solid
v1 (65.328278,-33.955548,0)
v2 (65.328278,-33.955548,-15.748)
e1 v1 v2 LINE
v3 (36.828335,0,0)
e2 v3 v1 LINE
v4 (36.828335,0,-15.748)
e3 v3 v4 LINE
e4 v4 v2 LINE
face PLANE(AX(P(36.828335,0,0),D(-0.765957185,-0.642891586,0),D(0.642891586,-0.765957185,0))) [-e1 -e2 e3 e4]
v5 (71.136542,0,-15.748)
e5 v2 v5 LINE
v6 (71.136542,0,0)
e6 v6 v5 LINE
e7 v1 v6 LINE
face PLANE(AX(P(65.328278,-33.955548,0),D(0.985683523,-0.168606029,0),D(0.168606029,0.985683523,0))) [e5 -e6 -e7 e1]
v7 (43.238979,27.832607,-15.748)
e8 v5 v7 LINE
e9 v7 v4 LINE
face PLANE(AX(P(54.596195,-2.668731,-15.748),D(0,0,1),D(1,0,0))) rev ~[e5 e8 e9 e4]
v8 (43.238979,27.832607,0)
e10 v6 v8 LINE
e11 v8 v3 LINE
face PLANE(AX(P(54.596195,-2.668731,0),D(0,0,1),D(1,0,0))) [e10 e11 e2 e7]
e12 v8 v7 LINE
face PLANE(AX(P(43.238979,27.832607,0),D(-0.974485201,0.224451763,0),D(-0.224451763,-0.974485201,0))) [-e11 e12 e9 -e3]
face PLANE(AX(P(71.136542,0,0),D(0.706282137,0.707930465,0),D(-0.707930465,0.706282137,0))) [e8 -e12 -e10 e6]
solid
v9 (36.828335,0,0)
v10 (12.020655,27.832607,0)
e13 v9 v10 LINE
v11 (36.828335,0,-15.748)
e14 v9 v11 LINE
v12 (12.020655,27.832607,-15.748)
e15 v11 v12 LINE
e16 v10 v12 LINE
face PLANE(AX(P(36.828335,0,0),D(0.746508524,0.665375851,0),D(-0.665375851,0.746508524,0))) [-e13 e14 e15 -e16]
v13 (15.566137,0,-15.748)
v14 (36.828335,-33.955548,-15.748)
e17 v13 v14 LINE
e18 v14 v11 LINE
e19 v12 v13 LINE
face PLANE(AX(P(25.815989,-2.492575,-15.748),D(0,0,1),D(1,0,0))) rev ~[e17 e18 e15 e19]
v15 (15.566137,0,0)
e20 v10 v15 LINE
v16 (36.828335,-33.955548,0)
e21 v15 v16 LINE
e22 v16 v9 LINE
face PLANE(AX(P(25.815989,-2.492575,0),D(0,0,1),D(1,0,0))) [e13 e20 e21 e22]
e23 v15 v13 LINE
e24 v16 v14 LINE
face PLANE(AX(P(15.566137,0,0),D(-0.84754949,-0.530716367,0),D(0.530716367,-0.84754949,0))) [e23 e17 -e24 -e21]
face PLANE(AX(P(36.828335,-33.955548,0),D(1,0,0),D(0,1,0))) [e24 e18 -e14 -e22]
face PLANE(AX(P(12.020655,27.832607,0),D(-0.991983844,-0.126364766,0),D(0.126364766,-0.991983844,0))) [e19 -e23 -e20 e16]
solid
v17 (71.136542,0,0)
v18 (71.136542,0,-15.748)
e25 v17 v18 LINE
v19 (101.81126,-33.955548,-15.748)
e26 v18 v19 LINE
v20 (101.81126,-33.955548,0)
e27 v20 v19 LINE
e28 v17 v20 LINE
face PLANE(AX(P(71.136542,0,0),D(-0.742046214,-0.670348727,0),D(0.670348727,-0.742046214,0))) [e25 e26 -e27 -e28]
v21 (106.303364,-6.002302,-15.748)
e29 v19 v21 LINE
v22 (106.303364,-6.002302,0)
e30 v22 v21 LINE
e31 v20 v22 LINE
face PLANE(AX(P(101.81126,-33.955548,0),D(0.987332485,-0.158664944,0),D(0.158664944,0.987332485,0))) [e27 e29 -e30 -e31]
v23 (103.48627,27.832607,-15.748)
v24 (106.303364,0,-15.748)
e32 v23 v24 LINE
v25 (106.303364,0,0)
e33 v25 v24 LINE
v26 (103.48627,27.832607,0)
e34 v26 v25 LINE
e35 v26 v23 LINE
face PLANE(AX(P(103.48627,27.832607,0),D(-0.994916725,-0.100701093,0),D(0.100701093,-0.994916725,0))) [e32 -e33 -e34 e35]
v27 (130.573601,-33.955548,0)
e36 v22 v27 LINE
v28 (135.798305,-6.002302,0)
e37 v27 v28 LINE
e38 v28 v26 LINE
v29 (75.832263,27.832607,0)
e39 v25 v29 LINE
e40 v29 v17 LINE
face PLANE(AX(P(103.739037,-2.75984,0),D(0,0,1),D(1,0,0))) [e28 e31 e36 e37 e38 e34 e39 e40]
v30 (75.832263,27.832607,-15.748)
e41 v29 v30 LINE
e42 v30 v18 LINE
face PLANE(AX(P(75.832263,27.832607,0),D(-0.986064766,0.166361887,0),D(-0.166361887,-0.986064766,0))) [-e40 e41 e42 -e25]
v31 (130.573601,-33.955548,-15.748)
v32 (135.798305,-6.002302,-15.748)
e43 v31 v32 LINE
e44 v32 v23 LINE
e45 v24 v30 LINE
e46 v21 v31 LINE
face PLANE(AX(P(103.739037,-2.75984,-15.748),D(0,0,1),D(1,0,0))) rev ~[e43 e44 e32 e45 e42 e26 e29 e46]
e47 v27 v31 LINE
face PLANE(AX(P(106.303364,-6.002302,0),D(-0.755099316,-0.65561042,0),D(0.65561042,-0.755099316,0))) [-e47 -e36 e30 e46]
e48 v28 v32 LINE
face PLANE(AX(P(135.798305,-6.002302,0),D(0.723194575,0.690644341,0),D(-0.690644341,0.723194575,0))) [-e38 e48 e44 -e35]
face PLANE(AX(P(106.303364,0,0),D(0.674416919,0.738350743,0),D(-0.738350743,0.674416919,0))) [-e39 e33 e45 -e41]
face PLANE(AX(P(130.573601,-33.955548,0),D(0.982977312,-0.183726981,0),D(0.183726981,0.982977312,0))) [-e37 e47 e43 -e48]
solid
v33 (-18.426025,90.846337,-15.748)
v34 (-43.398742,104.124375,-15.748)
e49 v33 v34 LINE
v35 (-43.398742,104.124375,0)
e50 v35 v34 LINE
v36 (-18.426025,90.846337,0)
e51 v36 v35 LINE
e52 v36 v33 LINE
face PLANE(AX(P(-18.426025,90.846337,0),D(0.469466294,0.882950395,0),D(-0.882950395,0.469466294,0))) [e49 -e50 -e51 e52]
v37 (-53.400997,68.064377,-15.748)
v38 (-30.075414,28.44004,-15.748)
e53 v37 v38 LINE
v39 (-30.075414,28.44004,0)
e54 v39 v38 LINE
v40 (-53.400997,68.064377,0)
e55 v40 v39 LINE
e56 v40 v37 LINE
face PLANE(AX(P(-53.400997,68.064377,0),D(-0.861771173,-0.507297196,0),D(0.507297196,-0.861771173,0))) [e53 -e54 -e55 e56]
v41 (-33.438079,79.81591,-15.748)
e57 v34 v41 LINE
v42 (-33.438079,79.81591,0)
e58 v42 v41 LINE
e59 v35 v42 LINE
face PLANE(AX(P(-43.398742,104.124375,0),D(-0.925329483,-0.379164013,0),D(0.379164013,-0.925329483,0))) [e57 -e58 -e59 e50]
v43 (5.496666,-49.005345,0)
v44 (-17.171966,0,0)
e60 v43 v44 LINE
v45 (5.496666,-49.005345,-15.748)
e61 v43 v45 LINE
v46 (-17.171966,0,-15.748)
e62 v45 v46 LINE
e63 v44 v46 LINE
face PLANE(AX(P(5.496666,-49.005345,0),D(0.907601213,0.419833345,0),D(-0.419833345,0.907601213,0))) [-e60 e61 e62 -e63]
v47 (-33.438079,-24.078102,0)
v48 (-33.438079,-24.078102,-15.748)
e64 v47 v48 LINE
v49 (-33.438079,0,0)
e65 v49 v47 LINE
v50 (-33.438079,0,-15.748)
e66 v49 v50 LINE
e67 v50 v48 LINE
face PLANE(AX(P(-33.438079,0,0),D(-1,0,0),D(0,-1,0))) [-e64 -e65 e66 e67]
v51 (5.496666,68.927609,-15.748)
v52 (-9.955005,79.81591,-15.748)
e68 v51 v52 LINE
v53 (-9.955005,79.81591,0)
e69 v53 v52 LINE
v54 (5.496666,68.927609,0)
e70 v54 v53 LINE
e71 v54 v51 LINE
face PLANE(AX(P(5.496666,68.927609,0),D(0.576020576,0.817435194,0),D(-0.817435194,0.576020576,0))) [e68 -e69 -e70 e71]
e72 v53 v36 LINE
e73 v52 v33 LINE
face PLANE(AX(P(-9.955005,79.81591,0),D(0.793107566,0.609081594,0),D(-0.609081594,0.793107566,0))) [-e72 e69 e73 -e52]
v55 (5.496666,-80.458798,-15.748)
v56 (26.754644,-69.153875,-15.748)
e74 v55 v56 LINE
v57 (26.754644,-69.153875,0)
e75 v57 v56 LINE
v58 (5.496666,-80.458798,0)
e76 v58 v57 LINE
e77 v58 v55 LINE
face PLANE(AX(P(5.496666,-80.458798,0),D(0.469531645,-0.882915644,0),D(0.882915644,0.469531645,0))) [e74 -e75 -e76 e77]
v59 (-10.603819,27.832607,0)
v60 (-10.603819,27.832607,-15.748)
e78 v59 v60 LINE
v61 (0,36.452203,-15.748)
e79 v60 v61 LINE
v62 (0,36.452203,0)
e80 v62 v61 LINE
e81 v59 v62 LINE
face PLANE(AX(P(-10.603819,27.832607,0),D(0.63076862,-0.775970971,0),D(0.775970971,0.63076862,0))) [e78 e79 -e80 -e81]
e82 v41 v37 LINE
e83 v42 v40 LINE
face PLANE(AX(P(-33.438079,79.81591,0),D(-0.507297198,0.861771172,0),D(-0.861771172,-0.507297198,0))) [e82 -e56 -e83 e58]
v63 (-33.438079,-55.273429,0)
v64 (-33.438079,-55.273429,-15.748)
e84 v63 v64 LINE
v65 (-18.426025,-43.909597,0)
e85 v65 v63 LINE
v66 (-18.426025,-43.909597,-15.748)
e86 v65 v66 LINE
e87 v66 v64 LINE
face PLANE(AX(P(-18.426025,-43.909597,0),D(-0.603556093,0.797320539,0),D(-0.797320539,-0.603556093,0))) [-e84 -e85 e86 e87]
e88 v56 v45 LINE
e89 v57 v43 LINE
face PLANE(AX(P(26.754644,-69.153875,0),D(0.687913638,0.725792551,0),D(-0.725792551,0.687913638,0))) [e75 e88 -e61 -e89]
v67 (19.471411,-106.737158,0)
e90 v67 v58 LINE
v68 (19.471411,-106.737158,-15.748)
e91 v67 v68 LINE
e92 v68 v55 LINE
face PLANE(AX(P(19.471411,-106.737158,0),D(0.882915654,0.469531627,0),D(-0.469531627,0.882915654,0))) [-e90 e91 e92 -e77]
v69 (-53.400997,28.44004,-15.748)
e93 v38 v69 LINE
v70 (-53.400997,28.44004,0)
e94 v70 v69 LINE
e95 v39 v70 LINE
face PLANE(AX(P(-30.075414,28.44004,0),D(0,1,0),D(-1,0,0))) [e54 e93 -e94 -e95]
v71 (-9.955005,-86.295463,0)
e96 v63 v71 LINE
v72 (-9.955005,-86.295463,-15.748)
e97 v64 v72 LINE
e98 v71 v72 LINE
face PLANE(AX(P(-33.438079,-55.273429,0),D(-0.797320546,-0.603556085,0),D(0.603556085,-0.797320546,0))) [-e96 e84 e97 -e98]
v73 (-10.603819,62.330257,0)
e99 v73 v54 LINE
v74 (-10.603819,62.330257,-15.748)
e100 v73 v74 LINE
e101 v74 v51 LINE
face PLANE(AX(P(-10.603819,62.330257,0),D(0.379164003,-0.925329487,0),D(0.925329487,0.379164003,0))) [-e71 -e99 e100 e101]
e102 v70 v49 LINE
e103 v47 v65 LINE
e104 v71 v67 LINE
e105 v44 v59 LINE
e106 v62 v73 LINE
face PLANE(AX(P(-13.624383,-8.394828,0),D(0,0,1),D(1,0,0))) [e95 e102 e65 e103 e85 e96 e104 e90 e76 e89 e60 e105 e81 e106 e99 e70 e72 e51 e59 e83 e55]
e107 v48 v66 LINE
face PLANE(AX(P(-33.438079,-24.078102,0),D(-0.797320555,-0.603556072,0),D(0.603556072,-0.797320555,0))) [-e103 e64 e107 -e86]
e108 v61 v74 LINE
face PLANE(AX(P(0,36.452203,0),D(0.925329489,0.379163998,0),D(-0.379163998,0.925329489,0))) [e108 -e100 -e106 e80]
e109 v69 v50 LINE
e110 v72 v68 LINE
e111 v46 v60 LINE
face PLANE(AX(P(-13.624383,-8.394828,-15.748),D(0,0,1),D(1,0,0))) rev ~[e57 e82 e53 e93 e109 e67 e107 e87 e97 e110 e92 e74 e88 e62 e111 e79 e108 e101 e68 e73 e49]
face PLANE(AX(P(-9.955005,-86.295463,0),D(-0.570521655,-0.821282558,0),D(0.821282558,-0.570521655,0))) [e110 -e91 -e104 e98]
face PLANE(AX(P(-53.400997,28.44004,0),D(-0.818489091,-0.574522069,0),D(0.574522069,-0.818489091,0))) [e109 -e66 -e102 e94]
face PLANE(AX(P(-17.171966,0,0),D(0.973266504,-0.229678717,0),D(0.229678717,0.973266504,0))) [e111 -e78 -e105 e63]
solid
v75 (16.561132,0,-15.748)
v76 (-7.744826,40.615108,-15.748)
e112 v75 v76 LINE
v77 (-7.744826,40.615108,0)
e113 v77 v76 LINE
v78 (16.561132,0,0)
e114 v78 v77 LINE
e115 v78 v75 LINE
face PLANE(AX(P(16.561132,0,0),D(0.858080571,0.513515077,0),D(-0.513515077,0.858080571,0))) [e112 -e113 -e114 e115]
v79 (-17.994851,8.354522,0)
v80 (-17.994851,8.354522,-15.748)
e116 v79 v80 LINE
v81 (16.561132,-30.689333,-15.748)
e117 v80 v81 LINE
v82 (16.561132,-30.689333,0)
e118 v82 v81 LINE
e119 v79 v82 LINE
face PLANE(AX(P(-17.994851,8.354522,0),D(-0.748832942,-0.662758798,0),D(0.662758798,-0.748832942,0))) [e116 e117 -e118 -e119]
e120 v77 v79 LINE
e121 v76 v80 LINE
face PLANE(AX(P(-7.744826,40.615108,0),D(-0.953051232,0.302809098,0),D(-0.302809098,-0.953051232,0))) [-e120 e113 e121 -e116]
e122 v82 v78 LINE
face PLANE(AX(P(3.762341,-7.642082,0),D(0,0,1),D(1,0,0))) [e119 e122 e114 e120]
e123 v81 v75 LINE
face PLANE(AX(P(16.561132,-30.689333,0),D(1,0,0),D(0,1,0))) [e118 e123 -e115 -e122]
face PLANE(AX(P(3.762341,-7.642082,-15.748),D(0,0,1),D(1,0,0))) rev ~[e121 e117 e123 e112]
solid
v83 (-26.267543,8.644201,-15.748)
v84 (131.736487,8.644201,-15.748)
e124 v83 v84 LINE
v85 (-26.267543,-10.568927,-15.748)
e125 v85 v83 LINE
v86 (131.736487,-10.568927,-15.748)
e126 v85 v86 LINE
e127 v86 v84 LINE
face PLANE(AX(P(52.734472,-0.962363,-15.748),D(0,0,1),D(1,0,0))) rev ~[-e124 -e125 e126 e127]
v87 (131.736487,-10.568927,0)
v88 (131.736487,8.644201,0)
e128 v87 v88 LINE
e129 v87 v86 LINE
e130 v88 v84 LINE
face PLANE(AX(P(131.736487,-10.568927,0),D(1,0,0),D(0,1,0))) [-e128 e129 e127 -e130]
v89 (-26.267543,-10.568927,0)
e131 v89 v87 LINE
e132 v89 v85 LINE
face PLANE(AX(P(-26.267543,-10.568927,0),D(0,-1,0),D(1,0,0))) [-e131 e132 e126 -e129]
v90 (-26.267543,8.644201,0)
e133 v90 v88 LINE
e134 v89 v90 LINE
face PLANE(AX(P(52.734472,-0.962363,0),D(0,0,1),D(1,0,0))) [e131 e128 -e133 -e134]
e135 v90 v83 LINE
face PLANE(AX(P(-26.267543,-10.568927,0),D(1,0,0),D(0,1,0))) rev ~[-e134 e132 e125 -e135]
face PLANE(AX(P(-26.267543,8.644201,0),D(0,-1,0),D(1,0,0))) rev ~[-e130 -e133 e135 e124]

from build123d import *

# Parameters (mm, degrees)
F1_DEPTH = 15.748
F3_DEPTH = 15.748
F4_W     = 158.00403
F4_H     = 19.213128
F5_DEPTH = 15.748


with BuildPart() as f1:
    # F0 (on Top) → F1 (new body)
    with BuildSketch(Plane.XY):
        Polygon((5.496666, -49.005345), (-17.171966, 0), (-10.603819, 27.832607), (0, 36.452203), (-10.603819, 62.330257), (5.496666, 68.927609), (-9.955005, 79.81591), (-18.426025, 90.846337), (-33.438079, 79.81591), (-30.075414, 28.44004), (-53.400997, 28.44004), (-33.438079, 0), (-33.438079, -24.078102), (-18.426025, -43.909597), (-33.438079, -55.273429), (-9.955005, -86.295463), (19.471411, -106.737158), (5.496666, -80.458798), (26.754644, -69.153875), align=None)
        Polygon((-30.075414, 28.44004), (-33.438079, 79.81591), (-53.400997, 68.064377), align=None)
        Polygon((-33.438079, 79.81591), (-18.426025, 90.846337), (-43.398742, 104.124375), align=None)
        Polygon((12.020655, 27.832607), (15.566137, 0), (36.828335, -33.955548), (36.828335, 0), align=None)
        Polygon((43.238979, 27.832607), (36.828335, 0), (65.328278, -33.955548), (71.136542, 0), align=None)
        Polygon((75.832263, 27.832607), (71.136542, 0), (101.81126, -33.955548), (106.303364, -6.002302), (130.573601, -33.955548), (135.798305, -6.002302), (103.48627, 27.832607), (106.303364, 0), align=None)
    extrude(amount=-F1_DEPTH)


with BuildPart() as f3:
    # F2 (on Top) → F3 (new body)
    with BuildSketch(Plane.XY):
        Polygon((16.561132, -30.689333), (16.561132, 0), (-17.994851, 8.354522), align=None)
        Polygon((-17.994851, 8.354522), (16.561132, 0), (-7.744826, 40.615108), align=None)
    extrude(amount=-F3_DEPTH)


with BuildPart() as f5:
    # F4 (on Top) → F5 (new body)
    with BuildSketch(Plane.XY):
        with Locations((52.734472, -0.962363)):
            Rectangle(F4_W, F4_H)
    extrude(amount=-F5_DEPTH)


solid = Compound([f1.part, f3.part, f5.part])
